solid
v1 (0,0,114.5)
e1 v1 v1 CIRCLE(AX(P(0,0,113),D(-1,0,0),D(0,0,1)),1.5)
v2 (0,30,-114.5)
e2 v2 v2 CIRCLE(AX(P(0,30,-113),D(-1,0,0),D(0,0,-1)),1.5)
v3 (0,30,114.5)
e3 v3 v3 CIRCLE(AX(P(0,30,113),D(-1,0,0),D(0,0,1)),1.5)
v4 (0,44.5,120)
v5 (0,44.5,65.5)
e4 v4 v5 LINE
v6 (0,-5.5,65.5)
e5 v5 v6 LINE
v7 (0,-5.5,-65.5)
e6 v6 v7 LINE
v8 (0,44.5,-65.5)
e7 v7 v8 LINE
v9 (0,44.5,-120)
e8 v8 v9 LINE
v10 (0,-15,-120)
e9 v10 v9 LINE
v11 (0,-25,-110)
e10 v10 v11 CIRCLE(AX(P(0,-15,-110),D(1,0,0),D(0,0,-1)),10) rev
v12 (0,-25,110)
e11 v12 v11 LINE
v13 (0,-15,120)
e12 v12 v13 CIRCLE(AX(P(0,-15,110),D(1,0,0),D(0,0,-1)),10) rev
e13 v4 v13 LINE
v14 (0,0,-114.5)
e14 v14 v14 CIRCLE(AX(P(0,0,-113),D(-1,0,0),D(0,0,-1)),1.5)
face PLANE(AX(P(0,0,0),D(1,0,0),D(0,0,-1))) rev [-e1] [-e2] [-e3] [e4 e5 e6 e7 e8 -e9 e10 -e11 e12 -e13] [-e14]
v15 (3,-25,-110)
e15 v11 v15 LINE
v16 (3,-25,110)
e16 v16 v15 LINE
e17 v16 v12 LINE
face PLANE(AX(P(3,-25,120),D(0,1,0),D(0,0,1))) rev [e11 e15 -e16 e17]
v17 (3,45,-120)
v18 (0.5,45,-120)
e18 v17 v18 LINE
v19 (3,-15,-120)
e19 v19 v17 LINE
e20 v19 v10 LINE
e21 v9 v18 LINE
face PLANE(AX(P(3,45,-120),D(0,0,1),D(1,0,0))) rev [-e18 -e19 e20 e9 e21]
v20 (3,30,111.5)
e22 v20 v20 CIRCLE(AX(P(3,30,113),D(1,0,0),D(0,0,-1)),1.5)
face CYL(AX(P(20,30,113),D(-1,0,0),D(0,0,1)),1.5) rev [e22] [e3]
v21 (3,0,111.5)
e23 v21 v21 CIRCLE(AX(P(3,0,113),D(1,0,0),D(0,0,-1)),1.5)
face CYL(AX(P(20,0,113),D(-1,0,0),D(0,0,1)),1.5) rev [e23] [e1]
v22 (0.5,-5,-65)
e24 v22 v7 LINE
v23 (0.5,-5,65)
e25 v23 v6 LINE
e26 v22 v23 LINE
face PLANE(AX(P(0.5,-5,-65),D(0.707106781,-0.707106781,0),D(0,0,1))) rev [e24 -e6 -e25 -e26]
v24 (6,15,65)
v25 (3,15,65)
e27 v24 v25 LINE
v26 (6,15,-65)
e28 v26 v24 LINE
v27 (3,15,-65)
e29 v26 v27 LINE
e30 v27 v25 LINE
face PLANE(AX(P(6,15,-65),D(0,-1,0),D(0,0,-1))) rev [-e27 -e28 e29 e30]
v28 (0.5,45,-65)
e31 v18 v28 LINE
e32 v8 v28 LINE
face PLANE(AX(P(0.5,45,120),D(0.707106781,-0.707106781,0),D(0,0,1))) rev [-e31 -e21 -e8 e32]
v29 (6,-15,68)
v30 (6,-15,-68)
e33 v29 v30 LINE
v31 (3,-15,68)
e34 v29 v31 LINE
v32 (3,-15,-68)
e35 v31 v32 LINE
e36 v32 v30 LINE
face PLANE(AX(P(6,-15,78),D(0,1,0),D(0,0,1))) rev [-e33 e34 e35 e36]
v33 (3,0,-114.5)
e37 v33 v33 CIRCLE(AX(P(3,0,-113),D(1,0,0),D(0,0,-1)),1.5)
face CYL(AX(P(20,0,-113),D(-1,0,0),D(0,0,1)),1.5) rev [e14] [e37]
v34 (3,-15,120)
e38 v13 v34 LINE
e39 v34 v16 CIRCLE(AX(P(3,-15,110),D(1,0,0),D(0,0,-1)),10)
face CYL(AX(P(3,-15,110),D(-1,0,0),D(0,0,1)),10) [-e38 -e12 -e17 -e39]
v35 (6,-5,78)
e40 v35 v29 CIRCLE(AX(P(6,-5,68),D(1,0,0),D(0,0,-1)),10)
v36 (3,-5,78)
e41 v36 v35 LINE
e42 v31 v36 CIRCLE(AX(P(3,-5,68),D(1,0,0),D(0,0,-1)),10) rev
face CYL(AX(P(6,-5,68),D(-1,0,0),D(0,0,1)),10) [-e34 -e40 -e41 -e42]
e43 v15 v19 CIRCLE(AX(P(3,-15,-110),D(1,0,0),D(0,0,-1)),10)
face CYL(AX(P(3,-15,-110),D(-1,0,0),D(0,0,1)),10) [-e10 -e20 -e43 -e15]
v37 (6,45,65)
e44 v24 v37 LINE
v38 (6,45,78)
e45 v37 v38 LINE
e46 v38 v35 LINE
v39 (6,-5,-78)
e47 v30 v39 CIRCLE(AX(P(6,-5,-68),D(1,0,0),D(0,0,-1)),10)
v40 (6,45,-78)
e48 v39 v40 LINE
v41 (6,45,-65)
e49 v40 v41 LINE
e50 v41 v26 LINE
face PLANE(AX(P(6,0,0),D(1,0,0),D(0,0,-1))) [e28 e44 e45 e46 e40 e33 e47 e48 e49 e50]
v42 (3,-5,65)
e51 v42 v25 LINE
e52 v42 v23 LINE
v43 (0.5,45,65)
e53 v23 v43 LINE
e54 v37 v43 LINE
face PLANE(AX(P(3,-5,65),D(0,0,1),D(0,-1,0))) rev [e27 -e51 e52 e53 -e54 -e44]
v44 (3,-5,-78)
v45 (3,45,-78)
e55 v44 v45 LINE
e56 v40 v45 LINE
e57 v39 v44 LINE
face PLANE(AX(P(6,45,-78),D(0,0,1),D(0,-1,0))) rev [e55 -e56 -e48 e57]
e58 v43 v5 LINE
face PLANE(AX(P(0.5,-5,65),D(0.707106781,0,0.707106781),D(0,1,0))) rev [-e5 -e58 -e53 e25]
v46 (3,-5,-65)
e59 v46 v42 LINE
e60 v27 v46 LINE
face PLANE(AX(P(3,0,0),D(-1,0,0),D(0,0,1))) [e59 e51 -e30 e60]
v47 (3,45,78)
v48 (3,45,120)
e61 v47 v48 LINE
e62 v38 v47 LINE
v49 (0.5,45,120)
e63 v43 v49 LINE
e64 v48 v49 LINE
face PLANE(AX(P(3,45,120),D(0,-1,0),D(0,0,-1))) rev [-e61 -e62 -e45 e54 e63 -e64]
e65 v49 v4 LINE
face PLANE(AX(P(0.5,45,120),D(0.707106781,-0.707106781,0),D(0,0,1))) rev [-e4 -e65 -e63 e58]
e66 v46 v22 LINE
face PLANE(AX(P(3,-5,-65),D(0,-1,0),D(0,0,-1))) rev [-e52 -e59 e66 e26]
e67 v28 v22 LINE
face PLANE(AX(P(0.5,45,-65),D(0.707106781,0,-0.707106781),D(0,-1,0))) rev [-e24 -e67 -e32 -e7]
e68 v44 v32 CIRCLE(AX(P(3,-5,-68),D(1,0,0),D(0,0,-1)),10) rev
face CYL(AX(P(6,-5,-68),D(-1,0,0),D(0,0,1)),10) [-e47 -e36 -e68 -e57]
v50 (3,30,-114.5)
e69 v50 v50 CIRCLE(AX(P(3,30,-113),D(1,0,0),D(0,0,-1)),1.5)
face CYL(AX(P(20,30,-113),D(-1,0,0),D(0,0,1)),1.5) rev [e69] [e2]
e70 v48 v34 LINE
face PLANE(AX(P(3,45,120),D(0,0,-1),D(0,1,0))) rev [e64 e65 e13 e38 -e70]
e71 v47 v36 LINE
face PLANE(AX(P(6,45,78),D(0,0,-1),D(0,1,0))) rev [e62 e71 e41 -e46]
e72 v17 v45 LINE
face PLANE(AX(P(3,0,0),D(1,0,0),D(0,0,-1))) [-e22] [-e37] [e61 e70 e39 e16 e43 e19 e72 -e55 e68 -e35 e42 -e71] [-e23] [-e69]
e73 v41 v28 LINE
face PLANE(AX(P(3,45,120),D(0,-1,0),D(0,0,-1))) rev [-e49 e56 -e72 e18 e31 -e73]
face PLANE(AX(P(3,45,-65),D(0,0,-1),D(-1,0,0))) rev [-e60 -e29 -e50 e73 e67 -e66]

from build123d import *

# Parameters (mm, degrees)
SKETCH_1_W          = 240
SKETCH_1_H          = 70
EXTRUDE_1_DEPTH     = 3
SKETCH_4_W          = 156
SKETCH_4_H          = 60
EXTRUDE_3_DEPTH     = 3
SKETCH_5_R          = 1.5
CUT_EXTRUDE_1_DEPTH = 20
FILLET_1_R          = 10
FILLET_2_R          = 10
SKETCH_7_W          = 130
SKETCH_7_H          = 50
CUT_EXTRUDE_2_DEPTH = 3
SKETCH_8_W          = 130
SKETCH_8_H          = 30
CUT_EXTRUDE_3_DEPTH = 3
CHAMFER_1_SIZE      = 0.5
CHAMFER_2_SIZE      = 0.5


with BuildPart() as part:
    # 草图1 → 凸台-拉伸1 (new body)
    with BuildSketch(Plane(origin=(0, 0, 0), x_dir=(0, 0, -1), z_dir=(1, 0, 0))):
        with Locations((0, 10)):
            Rectangle(SKETCH_1_W, SKETCH_1_H)
    extrude(amount=EXTRUDE_1_DEPTH)

    # 草图4 → 凸台-拉伸3 (add)
    with BuildSketch(Plane(origin=(3, 0, 0), x_dir=(0, 0, -1), z_dir=(1, 0, 0))):
        with Locations((0, 15)):
            Rectangle(SKETCH_4_W, SKETCH_4_H)
    extrude(amount=EXTRUDE_3_DEPTH)

    # 草图5 → 切除-拉伸1 (cut)
    with BuildSketch(Plane.ZY):
        with Locations((113, 30)):
            Circle(SKETCH_5_R)
        with Locations((113, 0)):
            Circle(SKETCH_5_R)
        with Locations(Location((-113, 0, 0), (0, 0, 180))):
            Circle(SKETCH_5_R)
        with Locations(Location((-113, 30, 0), (0, 0, 180))):
            Circle(SKETCH_5_R)
    extrude(amount=-CUT_EXTRUDE_1_DEPTH, mode=Mode.SUBTRACT)

    # 圆角1
    fillet_1_edges = [part.edges().sort_by_distance(p)[0] for p in [
        (1.5, -25, -120),
        (1.5, -25, 120),
    ]]
    fillet(fillet_1_edges, radius=FILLET_1_R)

    # 圆角2
    fillet_2_edges = [part.edges().sort_by_distance(p)[0] for p in [
        (4.5, -15, 78),
        (4.5, -15, -78),
    ]]
    fillet(fillet_2_edges, radius=FILLET_2_R)

    # 草图7 → 切除-拉伸2 (cut)
    with BuildSketch(Plane.ZY):
        with Locations((0, 20)):
            Rectangle(SKETCH_7_W, SKETCH_7_H)
    extrude(amount=-CUT_EXTRUDE_2_DEPTH, mode=Mode.SUBTRACT)

    # 草图8 → 切除-拉伸3 (cut)
    with BuildSketch(Plane.ZY.offset(-3)):
        with Locations((0, 30)):
            Rectangle(SKETCH_8_W, SKETCH_8_H)
    extrude(amount=-CUT_EXTRUDE_3_DEPTH, mode=Mode.SUBTRACT)

    # 倒角1
    chamfer_1_edges = [part.edges().sort_by_distance(p)[0] for p in [
        (0, 45, -92.5),
        (0, 45, 92.5),
    ]]
    chamfer(chamfer_1_edges, length=CHAMFER_1_SIZE)

    # 倒角2
    chamfer_2_edges = [part.edges().sort_by_distance(p)[0] for p in [
        (0, 19.75, 65),
        (0, -5, 0),
        (0, 19.75, -65),
    ]]
    chamfer(chamfer_2_edges, length=CHAMFER_2_SIZE)


solid = part.part
